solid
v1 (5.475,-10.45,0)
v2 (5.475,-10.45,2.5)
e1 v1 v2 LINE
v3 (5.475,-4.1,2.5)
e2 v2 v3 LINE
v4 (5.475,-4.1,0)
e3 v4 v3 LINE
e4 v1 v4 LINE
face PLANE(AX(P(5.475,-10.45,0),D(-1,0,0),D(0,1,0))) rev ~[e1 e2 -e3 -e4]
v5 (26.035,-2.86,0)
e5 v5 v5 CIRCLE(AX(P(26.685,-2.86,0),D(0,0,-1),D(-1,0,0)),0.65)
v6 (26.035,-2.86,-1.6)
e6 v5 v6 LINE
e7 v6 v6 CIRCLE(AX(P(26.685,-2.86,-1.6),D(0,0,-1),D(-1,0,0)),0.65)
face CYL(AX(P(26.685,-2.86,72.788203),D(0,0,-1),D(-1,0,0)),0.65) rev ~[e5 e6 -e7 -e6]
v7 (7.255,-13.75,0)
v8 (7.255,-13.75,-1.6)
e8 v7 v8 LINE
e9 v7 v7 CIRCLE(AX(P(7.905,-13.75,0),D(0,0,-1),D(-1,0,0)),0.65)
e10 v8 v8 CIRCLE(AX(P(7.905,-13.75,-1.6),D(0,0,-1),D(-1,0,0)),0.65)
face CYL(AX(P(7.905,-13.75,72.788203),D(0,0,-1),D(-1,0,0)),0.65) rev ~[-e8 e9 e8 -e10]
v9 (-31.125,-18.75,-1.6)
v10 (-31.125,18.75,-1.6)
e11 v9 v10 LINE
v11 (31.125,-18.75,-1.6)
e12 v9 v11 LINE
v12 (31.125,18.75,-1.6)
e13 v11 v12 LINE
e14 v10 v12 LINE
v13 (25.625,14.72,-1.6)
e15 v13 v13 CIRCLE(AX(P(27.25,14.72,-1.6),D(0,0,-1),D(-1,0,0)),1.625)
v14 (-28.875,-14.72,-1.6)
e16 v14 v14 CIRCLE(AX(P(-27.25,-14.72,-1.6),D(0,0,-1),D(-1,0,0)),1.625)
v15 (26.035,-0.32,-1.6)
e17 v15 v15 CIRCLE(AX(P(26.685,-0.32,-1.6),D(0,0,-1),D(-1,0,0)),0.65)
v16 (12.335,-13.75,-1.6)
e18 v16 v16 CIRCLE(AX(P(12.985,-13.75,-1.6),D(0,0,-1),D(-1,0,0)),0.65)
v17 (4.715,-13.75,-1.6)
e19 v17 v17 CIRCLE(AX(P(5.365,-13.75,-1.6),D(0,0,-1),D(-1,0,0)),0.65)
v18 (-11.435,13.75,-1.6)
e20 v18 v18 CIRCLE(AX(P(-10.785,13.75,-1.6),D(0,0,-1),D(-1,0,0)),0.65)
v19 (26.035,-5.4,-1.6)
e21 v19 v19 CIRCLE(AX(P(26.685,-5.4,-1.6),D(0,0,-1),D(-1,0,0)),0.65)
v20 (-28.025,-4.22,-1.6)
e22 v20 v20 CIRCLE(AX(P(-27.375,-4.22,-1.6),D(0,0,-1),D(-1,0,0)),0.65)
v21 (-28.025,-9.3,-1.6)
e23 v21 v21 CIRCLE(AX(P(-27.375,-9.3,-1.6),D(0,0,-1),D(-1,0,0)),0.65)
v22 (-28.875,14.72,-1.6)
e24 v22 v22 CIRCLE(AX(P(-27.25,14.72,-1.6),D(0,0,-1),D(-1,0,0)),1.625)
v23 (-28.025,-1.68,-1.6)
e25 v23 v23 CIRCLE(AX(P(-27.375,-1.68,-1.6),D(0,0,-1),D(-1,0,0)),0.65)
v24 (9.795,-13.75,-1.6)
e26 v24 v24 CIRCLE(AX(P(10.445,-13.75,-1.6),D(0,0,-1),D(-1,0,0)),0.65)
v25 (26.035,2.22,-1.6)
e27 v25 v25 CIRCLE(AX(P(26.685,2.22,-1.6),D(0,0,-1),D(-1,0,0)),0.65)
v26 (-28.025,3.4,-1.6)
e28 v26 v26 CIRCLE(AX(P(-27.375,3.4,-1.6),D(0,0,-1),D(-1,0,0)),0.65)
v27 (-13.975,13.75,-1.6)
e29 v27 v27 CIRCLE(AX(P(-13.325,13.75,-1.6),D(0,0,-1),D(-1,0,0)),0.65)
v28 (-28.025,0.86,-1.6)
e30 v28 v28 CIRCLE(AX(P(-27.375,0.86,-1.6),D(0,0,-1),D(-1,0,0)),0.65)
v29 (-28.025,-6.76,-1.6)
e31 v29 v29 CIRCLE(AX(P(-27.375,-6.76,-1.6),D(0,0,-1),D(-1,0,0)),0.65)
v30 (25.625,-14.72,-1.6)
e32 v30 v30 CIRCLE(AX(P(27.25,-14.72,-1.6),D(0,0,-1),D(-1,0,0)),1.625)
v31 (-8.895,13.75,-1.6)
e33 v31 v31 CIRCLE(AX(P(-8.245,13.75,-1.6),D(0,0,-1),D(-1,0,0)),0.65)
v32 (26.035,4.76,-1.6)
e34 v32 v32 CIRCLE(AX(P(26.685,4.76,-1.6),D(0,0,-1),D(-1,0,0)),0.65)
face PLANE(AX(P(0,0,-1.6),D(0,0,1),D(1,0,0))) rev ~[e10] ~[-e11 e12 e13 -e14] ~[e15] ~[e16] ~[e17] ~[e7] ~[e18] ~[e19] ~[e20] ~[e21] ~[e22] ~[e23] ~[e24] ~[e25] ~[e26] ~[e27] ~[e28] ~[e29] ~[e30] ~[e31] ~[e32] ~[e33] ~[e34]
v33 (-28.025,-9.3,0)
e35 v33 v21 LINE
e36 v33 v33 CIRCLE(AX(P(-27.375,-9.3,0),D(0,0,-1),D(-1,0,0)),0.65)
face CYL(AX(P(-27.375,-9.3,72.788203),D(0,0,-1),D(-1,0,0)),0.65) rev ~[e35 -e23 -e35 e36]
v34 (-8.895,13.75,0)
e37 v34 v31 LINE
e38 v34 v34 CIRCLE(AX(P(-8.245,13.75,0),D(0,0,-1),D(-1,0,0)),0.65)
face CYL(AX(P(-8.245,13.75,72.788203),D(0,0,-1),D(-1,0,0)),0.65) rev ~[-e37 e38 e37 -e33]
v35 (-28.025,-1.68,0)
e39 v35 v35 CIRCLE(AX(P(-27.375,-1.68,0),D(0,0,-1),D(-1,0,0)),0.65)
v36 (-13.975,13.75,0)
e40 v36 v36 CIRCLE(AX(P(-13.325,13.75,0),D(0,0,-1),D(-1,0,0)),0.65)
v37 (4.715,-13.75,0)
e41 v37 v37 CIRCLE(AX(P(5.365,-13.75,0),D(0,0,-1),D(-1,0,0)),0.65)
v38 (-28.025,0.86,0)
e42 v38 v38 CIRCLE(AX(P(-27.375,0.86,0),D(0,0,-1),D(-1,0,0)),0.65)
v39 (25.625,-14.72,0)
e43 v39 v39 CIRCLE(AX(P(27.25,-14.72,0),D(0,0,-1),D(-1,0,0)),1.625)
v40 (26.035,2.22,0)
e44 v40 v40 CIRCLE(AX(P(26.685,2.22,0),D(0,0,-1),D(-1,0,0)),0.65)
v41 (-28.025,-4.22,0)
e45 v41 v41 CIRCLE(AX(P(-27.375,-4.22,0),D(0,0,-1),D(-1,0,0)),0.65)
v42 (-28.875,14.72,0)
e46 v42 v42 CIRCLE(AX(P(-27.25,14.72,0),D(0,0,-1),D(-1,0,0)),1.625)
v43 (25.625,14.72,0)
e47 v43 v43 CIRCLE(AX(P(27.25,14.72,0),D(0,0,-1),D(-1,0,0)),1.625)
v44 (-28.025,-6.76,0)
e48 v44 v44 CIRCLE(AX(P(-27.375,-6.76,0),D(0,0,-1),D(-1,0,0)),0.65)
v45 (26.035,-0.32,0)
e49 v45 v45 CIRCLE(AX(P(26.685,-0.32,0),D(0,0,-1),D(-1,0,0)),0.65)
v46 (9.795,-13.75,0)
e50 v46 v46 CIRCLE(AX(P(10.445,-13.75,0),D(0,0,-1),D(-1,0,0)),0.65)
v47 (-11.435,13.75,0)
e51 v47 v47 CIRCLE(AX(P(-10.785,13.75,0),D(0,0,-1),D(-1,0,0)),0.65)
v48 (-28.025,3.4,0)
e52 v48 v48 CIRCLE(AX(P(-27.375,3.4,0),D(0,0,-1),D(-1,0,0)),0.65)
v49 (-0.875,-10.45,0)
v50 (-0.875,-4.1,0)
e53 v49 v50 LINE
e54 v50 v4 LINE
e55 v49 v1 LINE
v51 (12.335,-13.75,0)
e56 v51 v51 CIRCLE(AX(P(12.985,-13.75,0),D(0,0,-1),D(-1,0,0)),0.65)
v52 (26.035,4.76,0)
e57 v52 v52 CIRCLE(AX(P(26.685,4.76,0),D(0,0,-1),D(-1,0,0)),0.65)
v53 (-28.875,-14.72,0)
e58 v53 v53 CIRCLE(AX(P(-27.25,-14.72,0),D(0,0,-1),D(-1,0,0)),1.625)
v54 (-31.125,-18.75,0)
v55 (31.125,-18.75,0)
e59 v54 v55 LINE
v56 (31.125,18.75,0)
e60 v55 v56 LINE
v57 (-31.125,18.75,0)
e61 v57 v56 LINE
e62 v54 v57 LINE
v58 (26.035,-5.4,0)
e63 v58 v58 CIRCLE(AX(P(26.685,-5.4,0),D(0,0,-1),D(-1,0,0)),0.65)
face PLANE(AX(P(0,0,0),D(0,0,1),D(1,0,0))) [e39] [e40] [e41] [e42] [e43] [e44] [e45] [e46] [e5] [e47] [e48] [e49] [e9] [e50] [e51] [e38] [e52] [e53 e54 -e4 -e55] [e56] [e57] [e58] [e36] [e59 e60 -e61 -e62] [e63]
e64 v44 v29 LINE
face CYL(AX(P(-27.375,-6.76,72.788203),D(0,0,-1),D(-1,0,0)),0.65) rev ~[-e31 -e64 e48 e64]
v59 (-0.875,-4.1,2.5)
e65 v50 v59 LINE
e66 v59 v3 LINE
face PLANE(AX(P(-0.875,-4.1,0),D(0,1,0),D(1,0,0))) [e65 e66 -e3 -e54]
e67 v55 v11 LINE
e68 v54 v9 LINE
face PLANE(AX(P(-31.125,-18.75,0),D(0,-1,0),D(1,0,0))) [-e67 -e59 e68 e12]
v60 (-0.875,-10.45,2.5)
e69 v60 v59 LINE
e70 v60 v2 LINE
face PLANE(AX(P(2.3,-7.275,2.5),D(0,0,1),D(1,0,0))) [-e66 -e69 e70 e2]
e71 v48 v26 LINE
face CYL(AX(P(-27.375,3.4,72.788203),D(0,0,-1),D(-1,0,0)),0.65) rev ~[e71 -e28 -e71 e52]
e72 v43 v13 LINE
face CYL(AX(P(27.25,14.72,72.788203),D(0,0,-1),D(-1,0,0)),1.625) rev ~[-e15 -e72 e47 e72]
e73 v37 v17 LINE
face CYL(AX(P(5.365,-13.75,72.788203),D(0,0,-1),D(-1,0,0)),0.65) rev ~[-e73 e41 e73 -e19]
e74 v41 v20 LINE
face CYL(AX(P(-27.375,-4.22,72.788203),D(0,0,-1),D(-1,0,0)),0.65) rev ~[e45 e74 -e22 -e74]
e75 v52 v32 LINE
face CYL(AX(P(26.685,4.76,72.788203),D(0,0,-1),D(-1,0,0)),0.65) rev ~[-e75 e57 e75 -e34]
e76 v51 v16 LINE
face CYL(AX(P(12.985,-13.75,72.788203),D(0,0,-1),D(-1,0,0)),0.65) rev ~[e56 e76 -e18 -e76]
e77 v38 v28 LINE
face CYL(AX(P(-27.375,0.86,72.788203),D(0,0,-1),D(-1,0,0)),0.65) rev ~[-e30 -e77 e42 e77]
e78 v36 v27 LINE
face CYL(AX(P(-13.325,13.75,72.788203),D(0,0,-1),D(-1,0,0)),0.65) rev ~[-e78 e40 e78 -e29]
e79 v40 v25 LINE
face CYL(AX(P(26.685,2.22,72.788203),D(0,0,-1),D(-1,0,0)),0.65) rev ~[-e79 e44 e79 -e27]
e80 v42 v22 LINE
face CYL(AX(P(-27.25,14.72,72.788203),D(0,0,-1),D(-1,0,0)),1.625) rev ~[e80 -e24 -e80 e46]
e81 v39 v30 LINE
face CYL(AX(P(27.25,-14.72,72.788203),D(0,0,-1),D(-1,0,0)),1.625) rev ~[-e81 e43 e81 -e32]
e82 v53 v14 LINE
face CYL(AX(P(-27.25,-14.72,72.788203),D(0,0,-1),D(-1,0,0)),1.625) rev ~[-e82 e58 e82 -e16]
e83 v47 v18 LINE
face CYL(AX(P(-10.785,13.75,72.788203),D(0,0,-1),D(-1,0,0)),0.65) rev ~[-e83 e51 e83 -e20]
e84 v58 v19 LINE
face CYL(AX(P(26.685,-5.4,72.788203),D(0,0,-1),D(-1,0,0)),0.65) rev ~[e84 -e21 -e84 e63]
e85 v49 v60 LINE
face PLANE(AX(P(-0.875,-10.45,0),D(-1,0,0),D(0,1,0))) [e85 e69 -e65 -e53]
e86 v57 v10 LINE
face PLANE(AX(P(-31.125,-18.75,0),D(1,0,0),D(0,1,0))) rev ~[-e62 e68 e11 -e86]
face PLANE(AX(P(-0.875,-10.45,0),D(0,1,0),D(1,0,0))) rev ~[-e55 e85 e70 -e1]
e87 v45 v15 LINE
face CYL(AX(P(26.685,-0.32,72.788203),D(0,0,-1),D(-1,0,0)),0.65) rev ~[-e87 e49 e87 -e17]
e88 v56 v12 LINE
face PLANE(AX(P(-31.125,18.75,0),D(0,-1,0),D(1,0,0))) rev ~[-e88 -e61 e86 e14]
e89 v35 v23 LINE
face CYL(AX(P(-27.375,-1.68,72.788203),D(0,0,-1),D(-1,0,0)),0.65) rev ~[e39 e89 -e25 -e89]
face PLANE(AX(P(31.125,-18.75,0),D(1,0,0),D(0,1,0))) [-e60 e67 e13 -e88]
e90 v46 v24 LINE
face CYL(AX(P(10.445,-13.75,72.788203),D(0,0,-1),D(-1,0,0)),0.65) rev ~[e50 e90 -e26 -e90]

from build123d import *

# Parameters (mm, degrees)
F0_W     = 62.25
F0_H     = 37.5
F0_W_2   = 6.35
F0_H_2   = 6.35
F1_DEPTH = 1.6
F2_DEPTH = 2.5
F3_D     = 1.3
F4_D     = 3.25


with BuildPart() as f1:
    # F0 (on Top) → F1 (new body)
    with BuildSketch(Plane.XY):
        Rectangle(F0_W, F0_H)
        with Locations((2.3, -7.275)):
            Rectangle(F0_W_2, F0_H_2, mode=Mode.SUBTRACT)
        with Locations((2.3, -7.275)):
            Rectangle(F0_W_2, F0_H_2)
    extrude(amount=-F1_DEPTH)

    # F0 (on Top) → F2 (join)
    with BuildSketch(Plane.XY):
        with Locations((2.3, -7.275)):
            Rectangle(F0_W_2, F0_H_2)
    extrude(amount=F2_DEPTH)

    # F3 (through all)
    with Locations(Plane.XY):
        with Locations((-13.325, 13.75), (-10.785, 13.75), (-8.245, 13.75), (-27.375, 3.4), (-27.375, 0.86), (-27.375, -1.68), (-27.375, -4.22), (-27.375, -6.76), (-27.375, -9.3), (5.365, -13.75), (7.905, -13.75), (10.445, -13.75), (12.985, -13.75), (26.685, -5.4), (26.685, -2.86), (26.685, -0.32), (26.685, 2.22), (26.685, 4.76)):
            Hole(F3_D / 2)

    # F4 (through all)
    with Locations(Plane.XY):
        with Locations((-27.25, 14.72), (-27.25, -14.72), (27.25, -14.72), (27.25, 14.72)):
            Hole(F4_D / 2)


solid = f1.part
